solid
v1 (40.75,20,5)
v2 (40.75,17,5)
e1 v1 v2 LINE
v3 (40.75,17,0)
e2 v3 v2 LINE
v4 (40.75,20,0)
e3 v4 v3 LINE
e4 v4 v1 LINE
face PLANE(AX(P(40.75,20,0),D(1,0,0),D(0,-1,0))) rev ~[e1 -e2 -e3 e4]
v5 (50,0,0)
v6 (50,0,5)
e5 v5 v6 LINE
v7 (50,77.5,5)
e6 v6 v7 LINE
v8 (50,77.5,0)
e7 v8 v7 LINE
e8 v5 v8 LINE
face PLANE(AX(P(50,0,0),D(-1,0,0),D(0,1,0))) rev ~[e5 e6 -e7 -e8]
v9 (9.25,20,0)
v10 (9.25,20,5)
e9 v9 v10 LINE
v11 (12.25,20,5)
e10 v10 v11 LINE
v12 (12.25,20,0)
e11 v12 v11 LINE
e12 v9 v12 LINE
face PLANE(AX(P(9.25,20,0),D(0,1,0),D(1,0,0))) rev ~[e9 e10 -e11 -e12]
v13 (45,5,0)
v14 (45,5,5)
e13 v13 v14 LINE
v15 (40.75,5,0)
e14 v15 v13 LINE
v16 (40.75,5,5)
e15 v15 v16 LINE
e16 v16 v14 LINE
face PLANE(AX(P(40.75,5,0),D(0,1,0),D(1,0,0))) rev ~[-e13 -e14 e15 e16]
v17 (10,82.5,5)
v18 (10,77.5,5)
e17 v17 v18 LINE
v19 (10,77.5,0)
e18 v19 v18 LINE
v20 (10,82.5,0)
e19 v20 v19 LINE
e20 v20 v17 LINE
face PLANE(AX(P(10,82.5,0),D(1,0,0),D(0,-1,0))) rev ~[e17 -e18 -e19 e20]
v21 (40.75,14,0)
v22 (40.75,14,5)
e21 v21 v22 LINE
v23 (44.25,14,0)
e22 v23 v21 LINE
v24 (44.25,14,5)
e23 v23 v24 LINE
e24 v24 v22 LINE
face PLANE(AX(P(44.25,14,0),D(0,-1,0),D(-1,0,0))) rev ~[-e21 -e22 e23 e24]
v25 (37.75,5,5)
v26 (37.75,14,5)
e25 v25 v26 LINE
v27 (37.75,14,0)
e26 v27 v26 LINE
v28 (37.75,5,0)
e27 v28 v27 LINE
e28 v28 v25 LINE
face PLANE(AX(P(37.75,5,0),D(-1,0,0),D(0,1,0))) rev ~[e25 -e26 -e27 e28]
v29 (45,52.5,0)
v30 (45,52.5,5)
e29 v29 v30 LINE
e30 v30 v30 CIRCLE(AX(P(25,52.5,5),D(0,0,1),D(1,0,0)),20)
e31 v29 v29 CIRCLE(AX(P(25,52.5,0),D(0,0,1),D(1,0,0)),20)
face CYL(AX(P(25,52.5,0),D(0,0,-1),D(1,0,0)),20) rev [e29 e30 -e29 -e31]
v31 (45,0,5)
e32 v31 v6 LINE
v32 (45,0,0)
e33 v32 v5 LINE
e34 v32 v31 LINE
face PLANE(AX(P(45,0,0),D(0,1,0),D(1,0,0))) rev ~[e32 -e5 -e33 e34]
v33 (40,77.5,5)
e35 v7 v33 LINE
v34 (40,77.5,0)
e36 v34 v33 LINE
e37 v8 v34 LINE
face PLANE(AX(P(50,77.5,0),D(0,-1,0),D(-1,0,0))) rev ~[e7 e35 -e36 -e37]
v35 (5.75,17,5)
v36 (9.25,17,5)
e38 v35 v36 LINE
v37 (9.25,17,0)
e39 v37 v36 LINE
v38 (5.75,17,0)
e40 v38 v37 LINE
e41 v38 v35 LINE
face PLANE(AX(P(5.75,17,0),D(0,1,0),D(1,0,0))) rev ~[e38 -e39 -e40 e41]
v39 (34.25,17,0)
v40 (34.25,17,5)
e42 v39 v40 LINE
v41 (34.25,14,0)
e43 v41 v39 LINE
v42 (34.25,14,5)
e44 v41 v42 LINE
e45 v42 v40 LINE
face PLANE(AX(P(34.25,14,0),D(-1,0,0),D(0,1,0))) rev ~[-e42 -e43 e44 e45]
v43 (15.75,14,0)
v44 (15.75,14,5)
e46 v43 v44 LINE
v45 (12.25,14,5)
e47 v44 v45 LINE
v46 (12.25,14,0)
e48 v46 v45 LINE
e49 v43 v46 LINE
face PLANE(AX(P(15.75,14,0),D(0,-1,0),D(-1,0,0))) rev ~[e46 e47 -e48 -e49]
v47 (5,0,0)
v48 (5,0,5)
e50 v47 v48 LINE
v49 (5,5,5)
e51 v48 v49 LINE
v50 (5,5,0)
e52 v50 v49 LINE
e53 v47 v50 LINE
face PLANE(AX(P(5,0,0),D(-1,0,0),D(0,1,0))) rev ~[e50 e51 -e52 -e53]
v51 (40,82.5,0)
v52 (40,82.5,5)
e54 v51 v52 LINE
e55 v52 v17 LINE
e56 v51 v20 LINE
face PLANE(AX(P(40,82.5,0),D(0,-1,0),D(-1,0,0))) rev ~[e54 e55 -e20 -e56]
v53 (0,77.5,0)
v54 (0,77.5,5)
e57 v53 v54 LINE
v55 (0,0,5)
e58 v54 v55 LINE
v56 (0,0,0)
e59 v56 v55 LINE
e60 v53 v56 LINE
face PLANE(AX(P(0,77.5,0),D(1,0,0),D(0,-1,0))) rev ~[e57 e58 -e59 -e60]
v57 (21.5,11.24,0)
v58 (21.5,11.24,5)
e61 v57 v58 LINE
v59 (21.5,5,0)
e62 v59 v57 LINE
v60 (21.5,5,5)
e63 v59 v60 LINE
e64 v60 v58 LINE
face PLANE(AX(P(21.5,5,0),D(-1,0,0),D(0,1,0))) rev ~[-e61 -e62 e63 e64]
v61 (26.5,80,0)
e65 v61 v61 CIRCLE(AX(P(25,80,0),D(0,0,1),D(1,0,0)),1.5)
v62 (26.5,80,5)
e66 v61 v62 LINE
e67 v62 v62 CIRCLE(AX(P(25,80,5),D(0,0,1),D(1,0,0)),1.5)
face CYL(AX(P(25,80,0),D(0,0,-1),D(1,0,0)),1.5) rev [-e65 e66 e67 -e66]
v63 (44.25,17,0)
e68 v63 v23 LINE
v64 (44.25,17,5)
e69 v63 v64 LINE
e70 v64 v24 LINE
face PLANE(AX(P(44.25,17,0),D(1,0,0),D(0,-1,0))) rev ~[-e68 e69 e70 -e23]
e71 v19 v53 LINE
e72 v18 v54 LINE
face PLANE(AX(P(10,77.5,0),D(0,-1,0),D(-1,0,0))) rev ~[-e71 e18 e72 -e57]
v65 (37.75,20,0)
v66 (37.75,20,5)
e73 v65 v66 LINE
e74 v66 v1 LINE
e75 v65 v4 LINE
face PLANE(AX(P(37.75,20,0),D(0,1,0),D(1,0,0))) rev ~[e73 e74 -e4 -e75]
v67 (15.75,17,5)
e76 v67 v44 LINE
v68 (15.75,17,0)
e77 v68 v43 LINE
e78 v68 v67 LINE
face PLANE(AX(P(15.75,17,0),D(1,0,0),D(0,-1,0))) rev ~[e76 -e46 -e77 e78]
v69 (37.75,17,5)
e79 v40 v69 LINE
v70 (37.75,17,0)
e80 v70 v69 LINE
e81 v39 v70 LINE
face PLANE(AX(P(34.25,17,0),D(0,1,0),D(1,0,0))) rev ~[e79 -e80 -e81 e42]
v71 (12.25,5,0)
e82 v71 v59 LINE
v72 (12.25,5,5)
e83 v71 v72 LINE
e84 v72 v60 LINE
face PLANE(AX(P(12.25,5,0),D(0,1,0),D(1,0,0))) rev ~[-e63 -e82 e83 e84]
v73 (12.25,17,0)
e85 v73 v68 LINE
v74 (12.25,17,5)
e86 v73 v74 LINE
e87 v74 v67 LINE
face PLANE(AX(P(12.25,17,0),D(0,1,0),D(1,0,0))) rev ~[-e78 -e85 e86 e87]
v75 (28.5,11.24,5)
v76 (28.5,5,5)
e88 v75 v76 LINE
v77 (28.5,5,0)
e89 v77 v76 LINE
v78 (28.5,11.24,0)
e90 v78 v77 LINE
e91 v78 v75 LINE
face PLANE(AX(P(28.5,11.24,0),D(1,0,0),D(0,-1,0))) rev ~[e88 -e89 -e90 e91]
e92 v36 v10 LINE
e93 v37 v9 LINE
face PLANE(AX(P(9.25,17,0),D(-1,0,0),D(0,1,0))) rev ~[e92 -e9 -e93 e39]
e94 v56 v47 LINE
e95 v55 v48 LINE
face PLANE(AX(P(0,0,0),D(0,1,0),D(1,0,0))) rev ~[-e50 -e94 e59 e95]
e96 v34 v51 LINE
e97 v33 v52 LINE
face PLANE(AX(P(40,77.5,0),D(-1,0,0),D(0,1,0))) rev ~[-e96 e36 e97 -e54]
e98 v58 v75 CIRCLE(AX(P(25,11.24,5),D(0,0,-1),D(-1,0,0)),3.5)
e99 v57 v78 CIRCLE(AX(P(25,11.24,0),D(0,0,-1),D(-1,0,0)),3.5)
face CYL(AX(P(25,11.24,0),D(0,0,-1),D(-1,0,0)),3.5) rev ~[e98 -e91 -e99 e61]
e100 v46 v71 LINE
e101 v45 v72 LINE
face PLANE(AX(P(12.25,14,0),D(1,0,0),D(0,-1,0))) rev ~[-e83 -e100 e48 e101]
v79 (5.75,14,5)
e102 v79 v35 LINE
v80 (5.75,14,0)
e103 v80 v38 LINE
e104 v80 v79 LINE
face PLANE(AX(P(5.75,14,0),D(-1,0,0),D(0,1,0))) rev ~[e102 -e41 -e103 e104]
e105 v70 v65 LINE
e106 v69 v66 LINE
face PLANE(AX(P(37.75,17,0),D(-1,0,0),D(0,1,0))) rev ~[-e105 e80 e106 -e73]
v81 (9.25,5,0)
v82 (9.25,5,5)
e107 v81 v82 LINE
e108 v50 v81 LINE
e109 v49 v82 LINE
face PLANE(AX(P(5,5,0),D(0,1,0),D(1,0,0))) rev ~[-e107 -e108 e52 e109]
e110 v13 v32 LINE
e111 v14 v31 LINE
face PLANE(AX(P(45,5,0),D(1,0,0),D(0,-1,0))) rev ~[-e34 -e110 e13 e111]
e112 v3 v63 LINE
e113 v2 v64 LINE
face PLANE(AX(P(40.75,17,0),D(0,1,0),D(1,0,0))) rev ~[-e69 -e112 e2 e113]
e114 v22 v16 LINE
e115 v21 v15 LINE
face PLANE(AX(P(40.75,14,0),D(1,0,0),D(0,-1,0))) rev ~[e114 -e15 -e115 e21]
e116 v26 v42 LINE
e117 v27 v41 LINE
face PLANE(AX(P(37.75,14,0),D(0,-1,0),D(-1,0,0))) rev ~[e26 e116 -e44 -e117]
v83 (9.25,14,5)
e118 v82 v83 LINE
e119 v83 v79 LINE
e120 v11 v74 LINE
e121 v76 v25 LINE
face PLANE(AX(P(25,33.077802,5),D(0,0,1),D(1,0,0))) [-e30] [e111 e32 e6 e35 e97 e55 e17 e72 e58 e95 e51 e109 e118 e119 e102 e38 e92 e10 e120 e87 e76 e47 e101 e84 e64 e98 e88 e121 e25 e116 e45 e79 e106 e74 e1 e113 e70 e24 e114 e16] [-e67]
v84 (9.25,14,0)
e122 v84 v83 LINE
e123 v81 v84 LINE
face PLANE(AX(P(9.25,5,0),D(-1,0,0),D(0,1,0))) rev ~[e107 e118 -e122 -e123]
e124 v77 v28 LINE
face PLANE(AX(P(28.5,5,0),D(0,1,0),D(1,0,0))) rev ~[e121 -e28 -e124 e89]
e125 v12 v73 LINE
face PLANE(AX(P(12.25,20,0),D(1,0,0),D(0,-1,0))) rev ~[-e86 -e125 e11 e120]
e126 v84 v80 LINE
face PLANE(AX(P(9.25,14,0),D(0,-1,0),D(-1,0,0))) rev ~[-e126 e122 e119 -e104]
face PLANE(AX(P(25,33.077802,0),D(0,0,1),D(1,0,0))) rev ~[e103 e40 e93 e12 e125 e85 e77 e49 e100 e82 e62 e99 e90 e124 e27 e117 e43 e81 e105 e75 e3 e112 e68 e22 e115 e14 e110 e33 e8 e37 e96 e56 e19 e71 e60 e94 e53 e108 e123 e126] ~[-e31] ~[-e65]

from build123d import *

# Parameters (mm, degrees)
CROQUIS1_R              = 1.5
CROQUIS1_R_2            = 20
SALIENTE_EXTRUIR1_DEPTH = 5


with BuildPart() as part:
    # Croquis1 → Saliente-Extruir1 (new body)
    with BuildSketch(Plane.XY):
        with BuildLine():
            Line((0, 0), (5, 0))
            Line((5, 0), (5, 5))
            Line((5, 5), (9.25, 5))
            Line((9.25, 5), (9.25, 14))
            Line((9.25, 14), (5.75, 14))
            Line((5.75, 14), (5.75, 17))
            Line((5.75, 17), (9.25, 17))
            Line((9.25, 17), (9.25, 20))
            Line((9.25, 20), (12.25, 20))
            Line((12.25, 20), (12.25, 17))
            Line((12.25, 17), (15.75, 17))
            Line((15.75, 17), (15.75, 14))
            Line((15.75, 14), (12.25, 14))
            Line((12.25, 14), (12.25, 5))
            Line((12.25, 5), (21.5, 5))
            Line((21.5, 5), (21.5, 11.24))
            ThreePointArc((21.5, 11.24), (25, 14.74), (28.5, 11.24))
            Line((28.5, 11.24), (28.5, 5))
            Line((28.5, 5), (37.75, 5))
            Line((37.75, 5), (37.75, 14))
            Line((37.75, 14), (34.25, 14))
            Line((34.25, 14), (34.25, 17))
            Line((34.25, 17), (37.75, 17))
            Line((37.75, 17), (37.75, 20))
            Line((37.75, 20), (40.75, 20))
            Line((40.75, 20), (40.75, 17))
            Line((40.75, 17), (44.25, 17))
            Line((44.25, 17), (44.25, 14))
            Line((44.25, 14), (40.75, 14))
            Line((40.75, 14), (40.75, 5))
            Line((40.75, 5), (45, 5))
            Line((45, 5), (45, 0))
            Line((45, 0), (50, 0))
            Line((50, 0), (50, 77.5))
            Line((50, 77.5), (40, 77.5))
            Line((40, 77.5), (40, 82.5))
            Line((40, 82.5), (10, 82.5))
            Line((10, 82.5), (10, 77.5))
            Line((10, 77.5), (0, 77.5))
            Line((0, 77.5), (0, 0))
        make_face()
        with Locations((25, 80)):
            Circle(CROQUIS1_R, mode=Mode.SUBTRACT)
        with Locations((25, 52.5)):
            Circle(CROQUIS1_R_2, mode=Mode.SUBTRACT)
    extrude(amount=SALIENTE_EXTRUIR1_DEPTH)


solid = part.part
